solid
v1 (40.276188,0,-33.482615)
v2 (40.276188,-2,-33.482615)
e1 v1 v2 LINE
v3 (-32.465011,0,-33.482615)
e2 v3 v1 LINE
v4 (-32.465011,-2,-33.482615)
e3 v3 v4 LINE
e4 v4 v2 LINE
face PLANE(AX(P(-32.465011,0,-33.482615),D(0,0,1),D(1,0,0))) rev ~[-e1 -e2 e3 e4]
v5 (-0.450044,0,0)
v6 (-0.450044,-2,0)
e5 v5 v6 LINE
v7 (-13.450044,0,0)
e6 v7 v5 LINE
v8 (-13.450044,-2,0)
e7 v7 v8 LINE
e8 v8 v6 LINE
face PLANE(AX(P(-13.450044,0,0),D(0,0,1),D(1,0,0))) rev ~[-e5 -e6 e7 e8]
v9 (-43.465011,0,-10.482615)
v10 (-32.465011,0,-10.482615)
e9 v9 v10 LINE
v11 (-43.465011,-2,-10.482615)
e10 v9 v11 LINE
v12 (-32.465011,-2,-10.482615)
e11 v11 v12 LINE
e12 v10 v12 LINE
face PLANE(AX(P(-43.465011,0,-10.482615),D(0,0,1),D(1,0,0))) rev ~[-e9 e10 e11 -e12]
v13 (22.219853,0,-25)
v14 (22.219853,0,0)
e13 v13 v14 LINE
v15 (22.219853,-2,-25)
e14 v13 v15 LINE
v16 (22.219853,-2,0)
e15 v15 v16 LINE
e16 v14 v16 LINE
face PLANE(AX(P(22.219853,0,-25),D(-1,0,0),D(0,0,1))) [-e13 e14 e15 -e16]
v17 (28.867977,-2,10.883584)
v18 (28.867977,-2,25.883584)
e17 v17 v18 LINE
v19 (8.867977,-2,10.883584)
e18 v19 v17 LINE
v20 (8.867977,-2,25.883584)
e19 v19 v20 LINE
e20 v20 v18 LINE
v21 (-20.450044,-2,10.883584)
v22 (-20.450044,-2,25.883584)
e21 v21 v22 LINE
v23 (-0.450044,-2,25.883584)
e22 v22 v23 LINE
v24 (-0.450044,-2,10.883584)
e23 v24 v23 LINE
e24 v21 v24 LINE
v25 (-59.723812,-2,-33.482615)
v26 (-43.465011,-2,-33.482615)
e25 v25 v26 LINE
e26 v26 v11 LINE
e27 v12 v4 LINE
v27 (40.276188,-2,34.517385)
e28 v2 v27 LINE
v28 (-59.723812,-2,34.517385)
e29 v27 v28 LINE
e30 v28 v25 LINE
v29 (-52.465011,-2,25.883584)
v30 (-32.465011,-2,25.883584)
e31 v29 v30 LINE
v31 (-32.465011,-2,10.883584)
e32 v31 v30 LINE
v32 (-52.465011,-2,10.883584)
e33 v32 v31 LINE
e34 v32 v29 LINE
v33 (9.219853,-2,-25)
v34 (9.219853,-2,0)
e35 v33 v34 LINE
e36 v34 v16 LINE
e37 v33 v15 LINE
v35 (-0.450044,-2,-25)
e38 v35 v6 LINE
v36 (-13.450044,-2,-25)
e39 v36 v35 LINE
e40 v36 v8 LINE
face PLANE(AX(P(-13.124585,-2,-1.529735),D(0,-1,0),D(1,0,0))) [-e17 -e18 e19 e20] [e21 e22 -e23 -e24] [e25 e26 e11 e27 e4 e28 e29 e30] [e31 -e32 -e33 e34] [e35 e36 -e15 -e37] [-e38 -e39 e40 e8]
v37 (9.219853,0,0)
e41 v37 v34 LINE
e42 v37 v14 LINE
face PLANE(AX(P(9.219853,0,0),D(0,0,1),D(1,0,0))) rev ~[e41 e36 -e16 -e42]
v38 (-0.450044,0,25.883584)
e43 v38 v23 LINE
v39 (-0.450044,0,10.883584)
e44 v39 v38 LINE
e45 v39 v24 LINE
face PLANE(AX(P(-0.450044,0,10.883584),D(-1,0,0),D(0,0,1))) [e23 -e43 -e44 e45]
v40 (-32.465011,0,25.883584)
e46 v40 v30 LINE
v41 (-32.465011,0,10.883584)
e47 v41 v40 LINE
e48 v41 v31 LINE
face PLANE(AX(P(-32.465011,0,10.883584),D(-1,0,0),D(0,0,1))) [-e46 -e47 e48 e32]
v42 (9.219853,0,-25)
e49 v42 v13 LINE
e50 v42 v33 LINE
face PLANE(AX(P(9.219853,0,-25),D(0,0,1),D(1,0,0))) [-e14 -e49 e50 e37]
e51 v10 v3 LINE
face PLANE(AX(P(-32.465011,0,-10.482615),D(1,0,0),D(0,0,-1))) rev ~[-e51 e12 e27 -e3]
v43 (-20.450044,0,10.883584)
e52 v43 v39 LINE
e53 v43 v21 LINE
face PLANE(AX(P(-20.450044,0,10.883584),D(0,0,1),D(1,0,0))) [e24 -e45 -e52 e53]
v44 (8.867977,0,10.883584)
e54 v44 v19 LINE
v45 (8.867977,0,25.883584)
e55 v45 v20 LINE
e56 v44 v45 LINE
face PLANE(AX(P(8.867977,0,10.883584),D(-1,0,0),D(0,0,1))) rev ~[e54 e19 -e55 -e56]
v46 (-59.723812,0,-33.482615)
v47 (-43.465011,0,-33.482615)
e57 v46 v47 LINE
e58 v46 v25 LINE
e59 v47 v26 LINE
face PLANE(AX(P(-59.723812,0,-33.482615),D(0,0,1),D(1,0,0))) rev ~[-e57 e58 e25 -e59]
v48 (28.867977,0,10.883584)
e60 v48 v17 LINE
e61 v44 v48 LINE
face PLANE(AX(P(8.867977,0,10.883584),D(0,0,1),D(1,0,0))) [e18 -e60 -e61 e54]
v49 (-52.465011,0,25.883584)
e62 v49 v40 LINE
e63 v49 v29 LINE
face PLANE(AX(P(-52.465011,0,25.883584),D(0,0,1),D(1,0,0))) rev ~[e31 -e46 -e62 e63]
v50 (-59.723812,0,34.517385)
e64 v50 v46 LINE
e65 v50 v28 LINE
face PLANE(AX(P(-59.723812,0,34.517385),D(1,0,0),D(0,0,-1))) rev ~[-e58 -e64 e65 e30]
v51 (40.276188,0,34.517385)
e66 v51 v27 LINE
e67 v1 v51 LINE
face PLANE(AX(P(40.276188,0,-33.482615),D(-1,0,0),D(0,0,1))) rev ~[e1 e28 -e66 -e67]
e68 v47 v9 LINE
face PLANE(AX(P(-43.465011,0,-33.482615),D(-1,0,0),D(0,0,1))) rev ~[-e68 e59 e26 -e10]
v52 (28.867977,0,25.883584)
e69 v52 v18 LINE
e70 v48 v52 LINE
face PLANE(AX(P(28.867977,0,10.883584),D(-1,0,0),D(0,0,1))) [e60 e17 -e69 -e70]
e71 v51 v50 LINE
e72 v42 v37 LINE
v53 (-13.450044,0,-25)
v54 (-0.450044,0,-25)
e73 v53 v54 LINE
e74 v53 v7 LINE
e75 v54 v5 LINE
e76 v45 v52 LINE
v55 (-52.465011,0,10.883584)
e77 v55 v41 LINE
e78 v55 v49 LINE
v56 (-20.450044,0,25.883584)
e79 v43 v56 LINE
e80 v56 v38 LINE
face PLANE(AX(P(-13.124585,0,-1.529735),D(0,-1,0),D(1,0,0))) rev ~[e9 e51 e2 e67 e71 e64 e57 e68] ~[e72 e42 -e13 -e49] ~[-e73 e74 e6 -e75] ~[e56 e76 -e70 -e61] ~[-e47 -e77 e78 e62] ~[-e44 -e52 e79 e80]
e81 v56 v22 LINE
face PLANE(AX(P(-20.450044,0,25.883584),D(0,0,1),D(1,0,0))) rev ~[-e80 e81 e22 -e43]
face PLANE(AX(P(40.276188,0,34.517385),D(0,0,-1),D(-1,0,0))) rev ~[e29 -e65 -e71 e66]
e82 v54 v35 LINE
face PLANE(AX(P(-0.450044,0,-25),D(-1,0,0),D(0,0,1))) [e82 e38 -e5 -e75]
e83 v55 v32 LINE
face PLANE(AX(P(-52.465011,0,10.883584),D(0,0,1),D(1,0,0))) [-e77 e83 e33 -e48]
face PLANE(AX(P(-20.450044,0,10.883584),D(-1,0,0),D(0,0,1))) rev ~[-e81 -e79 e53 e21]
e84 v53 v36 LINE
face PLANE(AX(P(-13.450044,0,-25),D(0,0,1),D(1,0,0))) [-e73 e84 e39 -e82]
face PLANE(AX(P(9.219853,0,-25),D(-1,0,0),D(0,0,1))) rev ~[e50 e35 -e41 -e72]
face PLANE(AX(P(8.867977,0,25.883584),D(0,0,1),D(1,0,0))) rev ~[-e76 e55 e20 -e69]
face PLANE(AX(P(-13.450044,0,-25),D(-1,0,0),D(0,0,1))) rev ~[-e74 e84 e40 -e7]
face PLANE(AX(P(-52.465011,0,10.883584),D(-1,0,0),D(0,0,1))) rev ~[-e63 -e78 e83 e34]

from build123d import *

# Parameters (mm, degrees)
F0_W     = 13
F0_H     = 25
F0_W_2   = 20
F0_H_2   = 15
F1_DEPTH = 2


with BuildPart() as f1:
    # F0 (on Front) → F1 (new body)
    with BuildSketch(Plane.XZ):
        Polygon((40.276188, 34.517385), (-59.723812, 34.517385), (-59.723812, -33.482615), (-43.465011, -33.482615), (-43.465011, -10.482615), (-32.465011, -10.482615), (-32.465011, -33.482615), (40.276188, -33.482615), align=None)
        with Locations((-6.950044, -12.5)):
            Rectangle(F0_W, F0_H, mode=Mode.SUBTRACT)
        with Locations((15.719853, -12.5)):
            Rectangle(F0_W, F0_H, mode=Mode.SUBTRACT)
        with Locations((-42.465011, 18.383584)):
            Rectangle(F0_W_2, F0_H_2, mode=Mode.SUBTRACT)
        with Locations((-10.450044, 18.383584)):
            Rectangle(F0_W_2, F0_H_2, mode=Mode.SUBTRACT)
        with Locations((18.867977, 18.383584)):
            Rectangle(F0_W_2, F0_H_2, mode=Mode.SUBTRACT)
    extrude(amount=F1_DEPTH)


solid = f1.part
